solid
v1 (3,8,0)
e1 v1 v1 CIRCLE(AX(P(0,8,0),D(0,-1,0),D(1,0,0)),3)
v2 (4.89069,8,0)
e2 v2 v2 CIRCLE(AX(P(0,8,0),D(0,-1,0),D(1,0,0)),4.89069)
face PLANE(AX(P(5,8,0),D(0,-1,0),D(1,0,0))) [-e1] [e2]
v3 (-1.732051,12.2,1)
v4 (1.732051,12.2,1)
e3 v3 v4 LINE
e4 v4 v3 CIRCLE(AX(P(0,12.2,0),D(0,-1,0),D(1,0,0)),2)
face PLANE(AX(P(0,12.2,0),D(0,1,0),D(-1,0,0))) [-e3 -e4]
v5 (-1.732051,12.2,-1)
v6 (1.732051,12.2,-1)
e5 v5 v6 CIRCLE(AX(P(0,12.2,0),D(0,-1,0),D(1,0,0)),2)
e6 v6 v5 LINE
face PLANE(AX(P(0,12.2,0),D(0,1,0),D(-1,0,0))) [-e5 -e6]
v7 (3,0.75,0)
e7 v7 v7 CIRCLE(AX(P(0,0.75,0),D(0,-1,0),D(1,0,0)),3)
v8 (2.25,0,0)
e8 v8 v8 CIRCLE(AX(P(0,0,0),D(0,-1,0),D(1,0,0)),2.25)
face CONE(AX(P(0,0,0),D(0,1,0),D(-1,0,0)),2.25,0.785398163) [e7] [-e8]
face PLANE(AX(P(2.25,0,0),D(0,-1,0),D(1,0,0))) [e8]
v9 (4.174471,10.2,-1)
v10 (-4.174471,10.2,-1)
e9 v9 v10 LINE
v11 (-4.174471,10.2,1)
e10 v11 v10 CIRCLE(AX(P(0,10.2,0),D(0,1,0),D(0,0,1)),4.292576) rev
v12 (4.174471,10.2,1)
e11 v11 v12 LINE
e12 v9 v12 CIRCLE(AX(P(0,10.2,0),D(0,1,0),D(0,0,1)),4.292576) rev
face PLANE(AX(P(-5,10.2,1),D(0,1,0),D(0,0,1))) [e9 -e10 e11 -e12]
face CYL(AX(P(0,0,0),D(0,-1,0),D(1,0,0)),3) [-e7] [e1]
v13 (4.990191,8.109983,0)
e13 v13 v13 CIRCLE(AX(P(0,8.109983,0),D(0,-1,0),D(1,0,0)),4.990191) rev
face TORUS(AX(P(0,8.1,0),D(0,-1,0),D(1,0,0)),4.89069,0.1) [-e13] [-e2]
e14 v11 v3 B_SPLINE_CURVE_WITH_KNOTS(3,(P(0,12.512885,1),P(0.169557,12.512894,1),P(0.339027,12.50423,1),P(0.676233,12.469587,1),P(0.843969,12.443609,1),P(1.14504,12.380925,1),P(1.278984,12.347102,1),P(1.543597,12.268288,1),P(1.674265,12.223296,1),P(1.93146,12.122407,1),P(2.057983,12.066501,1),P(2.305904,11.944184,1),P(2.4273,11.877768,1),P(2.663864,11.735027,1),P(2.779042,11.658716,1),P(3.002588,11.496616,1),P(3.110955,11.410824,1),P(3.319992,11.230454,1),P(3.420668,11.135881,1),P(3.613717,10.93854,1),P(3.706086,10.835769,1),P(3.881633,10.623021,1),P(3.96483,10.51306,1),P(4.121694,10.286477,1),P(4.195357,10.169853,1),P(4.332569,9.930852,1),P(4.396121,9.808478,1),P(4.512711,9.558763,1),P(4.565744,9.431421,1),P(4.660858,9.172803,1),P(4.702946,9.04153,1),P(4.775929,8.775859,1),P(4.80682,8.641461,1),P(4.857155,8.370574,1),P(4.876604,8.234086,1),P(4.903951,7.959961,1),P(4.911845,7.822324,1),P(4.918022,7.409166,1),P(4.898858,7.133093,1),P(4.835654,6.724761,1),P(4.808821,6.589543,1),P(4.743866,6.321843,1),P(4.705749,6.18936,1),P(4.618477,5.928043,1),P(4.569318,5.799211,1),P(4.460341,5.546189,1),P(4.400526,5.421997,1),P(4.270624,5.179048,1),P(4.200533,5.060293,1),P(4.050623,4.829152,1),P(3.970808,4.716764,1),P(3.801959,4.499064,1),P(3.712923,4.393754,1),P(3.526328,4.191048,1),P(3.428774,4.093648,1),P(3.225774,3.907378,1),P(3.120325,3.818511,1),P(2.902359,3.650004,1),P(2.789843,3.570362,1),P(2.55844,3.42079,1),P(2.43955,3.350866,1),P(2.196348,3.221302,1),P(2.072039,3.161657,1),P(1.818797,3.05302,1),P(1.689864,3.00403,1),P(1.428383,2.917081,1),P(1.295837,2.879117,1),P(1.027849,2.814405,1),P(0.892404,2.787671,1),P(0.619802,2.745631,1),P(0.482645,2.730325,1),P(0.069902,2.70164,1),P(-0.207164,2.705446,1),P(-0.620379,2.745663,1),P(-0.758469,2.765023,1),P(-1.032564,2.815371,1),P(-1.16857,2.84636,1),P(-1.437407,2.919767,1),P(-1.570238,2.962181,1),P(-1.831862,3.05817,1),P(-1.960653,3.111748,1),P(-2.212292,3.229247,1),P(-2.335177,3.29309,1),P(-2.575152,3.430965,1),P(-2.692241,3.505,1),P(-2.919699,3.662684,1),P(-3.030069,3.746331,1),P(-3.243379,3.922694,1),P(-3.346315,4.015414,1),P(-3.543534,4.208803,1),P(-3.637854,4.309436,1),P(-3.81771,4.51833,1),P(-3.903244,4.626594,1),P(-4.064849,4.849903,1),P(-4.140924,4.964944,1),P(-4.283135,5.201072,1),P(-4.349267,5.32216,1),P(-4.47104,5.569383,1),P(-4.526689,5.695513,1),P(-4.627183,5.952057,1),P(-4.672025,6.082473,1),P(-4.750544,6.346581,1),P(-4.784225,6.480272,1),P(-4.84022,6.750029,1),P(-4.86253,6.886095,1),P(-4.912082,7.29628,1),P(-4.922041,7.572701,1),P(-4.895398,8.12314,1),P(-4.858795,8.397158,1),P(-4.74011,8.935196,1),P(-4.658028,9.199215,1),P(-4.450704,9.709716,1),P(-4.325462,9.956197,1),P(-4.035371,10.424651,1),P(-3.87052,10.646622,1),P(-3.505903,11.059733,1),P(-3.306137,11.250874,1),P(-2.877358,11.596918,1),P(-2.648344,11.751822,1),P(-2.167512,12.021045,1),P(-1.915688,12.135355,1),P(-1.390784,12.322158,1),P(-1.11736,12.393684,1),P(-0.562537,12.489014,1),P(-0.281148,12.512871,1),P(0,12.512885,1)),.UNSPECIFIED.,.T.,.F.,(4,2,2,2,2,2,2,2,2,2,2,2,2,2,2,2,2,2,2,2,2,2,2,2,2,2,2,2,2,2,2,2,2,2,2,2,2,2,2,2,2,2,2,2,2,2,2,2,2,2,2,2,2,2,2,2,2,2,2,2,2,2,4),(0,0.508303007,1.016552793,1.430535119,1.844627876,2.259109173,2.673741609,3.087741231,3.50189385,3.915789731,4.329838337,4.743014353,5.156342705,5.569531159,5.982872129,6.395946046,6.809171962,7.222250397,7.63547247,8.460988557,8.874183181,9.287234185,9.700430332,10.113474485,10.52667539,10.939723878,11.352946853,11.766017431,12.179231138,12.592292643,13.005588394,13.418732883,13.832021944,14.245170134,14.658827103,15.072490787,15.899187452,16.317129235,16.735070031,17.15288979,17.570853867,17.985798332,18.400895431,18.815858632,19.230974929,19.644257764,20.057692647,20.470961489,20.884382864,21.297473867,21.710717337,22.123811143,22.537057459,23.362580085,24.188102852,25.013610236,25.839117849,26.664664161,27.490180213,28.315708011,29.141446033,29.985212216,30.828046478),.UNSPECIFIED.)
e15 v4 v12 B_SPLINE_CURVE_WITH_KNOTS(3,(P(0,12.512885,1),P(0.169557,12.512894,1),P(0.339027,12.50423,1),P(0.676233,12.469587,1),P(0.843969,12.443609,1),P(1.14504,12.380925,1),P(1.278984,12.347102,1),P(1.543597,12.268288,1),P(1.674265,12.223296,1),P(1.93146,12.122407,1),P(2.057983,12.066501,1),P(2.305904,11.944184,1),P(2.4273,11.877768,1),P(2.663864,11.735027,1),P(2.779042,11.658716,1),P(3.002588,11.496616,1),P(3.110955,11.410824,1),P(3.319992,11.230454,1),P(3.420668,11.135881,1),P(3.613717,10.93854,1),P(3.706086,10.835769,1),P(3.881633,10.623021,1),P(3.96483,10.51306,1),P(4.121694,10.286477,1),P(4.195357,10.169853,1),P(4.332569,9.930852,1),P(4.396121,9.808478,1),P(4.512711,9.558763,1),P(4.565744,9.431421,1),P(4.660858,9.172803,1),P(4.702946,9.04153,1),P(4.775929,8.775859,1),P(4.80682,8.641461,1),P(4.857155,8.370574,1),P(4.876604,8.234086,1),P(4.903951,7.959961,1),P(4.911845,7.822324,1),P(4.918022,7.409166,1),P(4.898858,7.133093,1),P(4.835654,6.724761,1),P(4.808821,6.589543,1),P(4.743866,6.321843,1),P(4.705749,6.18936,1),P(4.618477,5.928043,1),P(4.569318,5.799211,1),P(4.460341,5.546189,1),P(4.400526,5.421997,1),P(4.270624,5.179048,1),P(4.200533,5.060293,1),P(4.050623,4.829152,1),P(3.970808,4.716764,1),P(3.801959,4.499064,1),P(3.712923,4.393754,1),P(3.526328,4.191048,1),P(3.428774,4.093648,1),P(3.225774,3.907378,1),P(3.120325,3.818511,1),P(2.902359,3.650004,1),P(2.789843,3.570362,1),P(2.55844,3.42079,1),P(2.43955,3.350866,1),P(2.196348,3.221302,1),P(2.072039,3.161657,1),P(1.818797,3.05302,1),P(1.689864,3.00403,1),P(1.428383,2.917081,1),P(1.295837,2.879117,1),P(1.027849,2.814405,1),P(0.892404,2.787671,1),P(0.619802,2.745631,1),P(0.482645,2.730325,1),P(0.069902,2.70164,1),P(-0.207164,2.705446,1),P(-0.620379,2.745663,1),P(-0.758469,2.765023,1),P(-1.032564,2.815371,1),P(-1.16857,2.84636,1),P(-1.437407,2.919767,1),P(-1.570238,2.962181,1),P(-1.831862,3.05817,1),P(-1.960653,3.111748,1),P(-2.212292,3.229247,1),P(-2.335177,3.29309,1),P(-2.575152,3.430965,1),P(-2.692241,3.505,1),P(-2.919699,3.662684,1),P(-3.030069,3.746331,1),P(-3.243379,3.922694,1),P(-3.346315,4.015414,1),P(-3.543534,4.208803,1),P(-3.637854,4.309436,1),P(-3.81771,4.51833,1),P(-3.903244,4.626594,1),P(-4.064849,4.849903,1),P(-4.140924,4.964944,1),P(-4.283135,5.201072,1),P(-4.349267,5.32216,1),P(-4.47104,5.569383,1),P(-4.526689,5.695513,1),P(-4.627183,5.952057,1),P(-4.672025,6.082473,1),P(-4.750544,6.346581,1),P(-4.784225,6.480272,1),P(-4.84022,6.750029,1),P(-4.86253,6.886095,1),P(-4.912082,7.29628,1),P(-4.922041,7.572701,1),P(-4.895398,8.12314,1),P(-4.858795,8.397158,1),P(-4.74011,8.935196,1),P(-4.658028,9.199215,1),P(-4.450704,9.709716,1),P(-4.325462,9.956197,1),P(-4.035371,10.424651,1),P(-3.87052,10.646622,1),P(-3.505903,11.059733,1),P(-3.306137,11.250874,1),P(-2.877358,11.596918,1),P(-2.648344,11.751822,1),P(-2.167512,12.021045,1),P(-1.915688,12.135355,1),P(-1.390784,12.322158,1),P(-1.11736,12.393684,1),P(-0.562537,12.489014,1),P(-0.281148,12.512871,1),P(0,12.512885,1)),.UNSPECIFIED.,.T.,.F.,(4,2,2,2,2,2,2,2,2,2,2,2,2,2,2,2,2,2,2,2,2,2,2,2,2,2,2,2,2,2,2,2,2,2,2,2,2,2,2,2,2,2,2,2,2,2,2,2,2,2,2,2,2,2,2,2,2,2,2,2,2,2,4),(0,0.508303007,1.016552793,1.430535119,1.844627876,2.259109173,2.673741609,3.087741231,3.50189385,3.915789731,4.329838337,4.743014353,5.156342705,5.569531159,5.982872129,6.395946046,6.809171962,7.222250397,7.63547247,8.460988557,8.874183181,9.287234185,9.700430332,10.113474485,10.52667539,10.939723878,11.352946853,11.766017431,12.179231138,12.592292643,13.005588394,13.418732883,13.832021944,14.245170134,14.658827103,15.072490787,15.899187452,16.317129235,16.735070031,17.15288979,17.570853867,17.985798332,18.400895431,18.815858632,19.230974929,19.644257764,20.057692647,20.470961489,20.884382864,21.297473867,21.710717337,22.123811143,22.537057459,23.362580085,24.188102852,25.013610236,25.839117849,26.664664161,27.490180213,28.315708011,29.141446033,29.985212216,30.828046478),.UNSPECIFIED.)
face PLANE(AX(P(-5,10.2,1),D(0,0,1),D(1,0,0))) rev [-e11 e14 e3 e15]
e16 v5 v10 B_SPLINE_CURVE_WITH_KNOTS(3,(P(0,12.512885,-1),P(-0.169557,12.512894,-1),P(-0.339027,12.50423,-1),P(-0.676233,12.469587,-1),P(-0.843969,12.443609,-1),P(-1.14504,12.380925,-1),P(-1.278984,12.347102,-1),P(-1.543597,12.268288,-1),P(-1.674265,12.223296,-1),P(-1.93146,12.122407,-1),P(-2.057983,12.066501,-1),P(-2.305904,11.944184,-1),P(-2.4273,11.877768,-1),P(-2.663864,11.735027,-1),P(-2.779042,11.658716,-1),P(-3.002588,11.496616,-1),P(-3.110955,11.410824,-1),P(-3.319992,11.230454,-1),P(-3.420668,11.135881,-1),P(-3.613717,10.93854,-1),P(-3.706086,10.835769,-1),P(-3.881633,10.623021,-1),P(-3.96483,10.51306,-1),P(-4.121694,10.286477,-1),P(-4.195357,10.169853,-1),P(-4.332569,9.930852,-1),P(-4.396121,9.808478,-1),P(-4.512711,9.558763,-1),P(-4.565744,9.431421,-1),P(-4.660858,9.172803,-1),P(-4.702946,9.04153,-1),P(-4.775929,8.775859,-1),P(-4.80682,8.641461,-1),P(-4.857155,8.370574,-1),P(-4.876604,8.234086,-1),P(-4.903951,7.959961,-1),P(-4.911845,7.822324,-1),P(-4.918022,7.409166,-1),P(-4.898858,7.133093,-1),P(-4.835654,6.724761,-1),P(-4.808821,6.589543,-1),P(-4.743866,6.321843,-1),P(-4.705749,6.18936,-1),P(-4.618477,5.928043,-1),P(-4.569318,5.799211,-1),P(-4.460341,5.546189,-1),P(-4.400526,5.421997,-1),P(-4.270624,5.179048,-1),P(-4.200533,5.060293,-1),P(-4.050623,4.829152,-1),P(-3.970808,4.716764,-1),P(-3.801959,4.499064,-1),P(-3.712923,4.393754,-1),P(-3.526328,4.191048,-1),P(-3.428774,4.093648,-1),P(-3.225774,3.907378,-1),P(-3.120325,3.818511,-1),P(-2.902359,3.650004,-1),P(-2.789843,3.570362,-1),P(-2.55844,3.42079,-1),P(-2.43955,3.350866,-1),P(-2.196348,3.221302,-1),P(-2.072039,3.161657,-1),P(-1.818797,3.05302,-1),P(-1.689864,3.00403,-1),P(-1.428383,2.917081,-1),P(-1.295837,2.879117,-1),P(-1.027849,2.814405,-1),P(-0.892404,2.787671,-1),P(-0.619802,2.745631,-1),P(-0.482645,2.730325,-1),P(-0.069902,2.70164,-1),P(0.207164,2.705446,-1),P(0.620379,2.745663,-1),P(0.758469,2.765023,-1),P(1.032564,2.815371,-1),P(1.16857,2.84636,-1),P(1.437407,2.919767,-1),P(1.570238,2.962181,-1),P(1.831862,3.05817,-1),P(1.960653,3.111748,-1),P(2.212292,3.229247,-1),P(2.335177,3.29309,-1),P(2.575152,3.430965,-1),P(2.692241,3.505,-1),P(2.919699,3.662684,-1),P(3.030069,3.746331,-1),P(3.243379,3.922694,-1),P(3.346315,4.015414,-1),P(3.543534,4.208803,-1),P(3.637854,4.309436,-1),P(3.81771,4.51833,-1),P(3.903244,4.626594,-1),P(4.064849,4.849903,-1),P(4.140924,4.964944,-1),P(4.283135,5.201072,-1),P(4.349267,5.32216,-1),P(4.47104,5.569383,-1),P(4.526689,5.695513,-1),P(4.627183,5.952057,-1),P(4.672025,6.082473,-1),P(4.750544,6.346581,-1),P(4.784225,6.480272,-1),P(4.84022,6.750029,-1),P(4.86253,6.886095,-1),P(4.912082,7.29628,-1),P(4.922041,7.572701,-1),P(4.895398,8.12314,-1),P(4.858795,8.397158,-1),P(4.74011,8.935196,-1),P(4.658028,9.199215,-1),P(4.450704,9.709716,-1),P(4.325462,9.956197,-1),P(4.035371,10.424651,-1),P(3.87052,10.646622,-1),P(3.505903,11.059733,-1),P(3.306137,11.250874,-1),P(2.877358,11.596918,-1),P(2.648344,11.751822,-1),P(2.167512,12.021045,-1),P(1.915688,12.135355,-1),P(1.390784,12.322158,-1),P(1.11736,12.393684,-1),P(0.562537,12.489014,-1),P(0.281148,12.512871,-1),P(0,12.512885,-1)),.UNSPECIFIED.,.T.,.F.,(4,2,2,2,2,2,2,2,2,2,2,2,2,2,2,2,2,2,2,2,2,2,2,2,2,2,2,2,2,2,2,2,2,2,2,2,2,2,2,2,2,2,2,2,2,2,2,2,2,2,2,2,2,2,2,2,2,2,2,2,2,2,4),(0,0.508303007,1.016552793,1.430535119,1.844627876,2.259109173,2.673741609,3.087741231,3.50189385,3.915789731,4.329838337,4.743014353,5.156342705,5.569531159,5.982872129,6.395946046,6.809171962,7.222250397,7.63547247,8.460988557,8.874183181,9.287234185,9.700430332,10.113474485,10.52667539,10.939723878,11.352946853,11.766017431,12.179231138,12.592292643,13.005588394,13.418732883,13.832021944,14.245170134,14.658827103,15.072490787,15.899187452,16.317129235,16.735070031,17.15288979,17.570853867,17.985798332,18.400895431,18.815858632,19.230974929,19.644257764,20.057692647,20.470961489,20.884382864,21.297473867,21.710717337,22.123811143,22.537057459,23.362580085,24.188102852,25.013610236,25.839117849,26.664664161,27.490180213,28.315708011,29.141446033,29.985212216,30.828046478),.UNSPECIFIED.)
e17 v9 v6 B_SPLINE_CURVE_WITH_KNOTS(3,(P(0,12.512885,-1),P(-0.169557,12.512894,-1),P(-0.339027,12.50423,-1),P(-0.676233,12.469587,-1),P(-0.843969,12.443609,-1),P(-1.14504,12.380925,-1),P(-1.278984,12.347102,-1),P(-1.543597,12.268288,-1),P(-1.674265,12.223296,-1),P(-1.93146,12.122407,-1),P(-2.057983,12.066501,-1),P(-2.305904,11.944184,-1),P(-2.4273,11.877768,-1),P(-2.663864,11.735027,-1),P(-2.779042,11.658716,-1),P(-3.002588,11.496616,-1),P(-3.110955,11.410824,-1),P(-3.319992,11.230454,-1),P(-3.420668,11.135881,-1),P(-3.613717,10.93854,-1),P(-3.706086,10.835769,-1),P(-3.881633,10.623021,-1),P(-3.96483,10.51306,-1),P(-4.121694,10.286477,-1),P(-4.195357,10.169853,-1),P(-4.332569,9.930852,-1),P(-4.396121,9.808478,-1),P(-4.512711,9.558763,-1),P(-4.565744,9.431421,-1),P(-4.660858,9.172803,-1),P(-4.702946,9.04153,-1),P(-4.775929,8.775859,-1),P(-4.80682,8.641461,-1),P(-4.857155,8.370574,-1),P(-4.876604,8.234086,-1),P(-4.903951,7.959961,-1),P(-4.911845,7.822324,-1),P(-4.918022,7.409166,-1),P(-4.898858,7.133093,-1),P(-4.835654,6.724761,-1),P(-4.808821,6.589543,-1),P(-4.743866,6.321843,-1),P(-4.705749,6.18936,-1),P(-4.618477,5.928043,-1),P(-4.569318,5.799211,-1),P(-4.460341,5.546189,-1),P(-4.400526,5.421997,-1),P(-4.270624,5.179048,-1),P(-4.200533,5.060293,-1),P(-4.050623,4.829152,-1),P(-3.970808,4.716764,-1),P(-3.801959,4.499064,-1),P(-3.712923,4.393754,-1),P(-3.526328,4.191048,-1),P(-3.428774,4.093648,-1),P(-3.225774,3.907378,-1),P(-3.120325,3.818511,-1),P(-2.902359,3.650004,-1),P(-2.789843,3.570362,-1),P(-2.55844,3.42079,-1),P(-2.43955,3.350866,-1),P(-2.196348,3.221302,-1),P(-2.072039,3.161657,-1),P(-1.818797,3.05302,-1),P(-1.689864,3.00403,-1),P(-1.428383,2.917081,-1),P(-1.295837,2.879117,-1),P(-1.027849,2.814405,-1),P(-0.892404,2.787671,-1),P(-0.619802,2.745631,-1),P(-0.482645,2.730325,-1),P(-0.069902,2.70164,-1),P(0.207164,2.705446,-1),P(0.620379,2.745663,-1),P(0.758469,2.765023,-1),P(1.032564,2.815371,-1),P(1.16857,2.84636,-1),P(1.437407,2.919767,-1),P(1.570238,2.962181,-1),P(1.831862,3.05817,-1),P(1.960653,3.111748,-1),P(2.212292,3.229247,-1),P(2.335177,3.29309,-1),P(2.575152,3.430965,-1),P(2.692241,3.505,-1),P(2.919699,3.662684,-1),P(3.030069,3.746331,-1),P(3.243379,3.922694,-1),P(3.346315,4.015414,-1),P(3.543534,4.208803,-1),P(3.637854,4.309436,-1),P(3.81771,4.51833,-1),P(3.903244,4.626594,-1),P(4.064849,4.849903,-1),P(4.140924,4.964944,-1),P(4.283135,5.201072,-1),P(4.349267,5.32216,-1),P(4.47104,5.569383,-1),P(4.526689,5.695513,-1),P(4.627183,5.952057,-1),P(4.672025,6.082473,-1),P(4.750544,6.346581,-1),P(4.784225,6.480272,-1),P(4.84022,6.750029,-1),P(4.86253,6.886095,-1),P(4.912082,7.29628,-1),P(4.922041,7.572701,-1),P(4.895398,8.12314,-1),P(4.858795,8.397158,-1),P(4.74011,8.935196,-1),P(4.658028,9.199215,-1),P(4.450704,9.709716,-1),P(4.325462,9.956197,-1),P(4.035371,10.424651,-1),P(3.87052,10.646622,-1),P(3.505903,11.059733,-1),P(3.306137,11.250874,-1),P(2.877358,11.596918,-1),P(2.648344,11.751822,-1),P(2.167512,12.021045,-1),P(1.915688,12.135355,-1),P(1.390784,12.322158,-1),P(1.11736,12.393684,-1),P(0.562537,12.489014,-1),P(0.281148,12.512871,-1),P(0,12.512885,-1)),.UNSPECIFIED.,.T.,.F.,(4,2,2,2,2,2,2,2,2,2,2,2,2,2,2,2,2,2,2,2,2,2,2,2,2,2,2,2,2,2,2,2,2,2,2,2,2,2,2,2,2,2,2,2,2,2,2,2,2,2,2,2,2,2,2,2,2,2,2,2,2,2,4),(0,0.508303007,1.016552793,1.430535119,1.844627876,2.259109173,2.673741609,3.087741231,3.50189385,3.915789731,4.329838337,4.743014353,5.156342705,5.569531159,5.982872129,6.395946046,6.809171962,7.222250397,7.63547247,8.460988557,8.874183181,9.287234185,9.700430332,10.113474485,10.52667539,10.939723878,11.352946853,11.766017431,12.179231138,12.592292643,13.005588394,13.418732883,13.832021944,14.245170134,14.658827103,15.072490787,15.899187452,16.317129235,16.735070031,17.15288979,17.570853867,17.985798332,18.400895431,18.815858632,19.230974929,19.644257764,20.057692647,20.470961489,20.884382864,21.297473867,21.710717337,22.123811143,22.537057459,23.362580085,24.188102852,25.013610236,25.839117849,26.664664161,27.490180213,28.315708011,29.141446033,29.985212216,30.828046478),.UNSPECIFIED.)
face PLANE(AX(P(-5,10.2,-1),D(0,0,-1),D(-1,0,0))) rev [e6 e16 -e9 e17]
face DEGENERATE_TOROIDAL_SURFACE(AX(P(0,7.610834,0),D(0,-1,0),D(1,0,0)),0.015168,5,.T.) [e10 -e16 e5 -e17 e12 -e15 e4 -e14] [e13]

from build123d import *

# Parameters (mm, degrees)
FILLET_1_R          = 0.1
SKETCH_3_W          = 10
SKETCH_3_H          = 2
CUT_EXTRUDE_2_DEPTH = 2


with BuildPart() as part:
    # Эскиз1 → Повернуть1 (revolve)
    with BuildSketch(Plane.XY):
        with BuildLine():
            Line((5, 8), (3, 8))
            Line((3, 8), (3, 0.75))
            Line((3, 0.75), (2.25, 0))
            Line((2.25, 0), (0, 0))
            Line((0, 0), (0, 12.2))
            Line((0, 12.2), (2, 12.2))
            ThreePointArc((2, 12.2), (4.083835358, 10.517025256), (5, 8))
        make_face()
    revolve(axis=Axis((0, 0, 0), (0, 1, 0)))

    # Скругление1
    fillet_1_edges = [part.edges().sort_by_distance(p)[0] for p in [
        (-5, 8, 0),
    ]]
    fillet(fillet_1_edges, radius=FILLET_1_R)

    # Эскиз3 → Вырез-Вытянуть2 (cut)
    with BuildSketch(Plane(origin=(0, 12.2, 0), x_dir=(-1, 0, 0), z_dir=(0, 1, 0))):
        Rectangle(SKETCH_3_W, SKETCH_3_H)
    extrude(amount=-CUT_EXTRUDE_2_DEPTH, mode=Mode.SUBTRACT)


solid = part.part
